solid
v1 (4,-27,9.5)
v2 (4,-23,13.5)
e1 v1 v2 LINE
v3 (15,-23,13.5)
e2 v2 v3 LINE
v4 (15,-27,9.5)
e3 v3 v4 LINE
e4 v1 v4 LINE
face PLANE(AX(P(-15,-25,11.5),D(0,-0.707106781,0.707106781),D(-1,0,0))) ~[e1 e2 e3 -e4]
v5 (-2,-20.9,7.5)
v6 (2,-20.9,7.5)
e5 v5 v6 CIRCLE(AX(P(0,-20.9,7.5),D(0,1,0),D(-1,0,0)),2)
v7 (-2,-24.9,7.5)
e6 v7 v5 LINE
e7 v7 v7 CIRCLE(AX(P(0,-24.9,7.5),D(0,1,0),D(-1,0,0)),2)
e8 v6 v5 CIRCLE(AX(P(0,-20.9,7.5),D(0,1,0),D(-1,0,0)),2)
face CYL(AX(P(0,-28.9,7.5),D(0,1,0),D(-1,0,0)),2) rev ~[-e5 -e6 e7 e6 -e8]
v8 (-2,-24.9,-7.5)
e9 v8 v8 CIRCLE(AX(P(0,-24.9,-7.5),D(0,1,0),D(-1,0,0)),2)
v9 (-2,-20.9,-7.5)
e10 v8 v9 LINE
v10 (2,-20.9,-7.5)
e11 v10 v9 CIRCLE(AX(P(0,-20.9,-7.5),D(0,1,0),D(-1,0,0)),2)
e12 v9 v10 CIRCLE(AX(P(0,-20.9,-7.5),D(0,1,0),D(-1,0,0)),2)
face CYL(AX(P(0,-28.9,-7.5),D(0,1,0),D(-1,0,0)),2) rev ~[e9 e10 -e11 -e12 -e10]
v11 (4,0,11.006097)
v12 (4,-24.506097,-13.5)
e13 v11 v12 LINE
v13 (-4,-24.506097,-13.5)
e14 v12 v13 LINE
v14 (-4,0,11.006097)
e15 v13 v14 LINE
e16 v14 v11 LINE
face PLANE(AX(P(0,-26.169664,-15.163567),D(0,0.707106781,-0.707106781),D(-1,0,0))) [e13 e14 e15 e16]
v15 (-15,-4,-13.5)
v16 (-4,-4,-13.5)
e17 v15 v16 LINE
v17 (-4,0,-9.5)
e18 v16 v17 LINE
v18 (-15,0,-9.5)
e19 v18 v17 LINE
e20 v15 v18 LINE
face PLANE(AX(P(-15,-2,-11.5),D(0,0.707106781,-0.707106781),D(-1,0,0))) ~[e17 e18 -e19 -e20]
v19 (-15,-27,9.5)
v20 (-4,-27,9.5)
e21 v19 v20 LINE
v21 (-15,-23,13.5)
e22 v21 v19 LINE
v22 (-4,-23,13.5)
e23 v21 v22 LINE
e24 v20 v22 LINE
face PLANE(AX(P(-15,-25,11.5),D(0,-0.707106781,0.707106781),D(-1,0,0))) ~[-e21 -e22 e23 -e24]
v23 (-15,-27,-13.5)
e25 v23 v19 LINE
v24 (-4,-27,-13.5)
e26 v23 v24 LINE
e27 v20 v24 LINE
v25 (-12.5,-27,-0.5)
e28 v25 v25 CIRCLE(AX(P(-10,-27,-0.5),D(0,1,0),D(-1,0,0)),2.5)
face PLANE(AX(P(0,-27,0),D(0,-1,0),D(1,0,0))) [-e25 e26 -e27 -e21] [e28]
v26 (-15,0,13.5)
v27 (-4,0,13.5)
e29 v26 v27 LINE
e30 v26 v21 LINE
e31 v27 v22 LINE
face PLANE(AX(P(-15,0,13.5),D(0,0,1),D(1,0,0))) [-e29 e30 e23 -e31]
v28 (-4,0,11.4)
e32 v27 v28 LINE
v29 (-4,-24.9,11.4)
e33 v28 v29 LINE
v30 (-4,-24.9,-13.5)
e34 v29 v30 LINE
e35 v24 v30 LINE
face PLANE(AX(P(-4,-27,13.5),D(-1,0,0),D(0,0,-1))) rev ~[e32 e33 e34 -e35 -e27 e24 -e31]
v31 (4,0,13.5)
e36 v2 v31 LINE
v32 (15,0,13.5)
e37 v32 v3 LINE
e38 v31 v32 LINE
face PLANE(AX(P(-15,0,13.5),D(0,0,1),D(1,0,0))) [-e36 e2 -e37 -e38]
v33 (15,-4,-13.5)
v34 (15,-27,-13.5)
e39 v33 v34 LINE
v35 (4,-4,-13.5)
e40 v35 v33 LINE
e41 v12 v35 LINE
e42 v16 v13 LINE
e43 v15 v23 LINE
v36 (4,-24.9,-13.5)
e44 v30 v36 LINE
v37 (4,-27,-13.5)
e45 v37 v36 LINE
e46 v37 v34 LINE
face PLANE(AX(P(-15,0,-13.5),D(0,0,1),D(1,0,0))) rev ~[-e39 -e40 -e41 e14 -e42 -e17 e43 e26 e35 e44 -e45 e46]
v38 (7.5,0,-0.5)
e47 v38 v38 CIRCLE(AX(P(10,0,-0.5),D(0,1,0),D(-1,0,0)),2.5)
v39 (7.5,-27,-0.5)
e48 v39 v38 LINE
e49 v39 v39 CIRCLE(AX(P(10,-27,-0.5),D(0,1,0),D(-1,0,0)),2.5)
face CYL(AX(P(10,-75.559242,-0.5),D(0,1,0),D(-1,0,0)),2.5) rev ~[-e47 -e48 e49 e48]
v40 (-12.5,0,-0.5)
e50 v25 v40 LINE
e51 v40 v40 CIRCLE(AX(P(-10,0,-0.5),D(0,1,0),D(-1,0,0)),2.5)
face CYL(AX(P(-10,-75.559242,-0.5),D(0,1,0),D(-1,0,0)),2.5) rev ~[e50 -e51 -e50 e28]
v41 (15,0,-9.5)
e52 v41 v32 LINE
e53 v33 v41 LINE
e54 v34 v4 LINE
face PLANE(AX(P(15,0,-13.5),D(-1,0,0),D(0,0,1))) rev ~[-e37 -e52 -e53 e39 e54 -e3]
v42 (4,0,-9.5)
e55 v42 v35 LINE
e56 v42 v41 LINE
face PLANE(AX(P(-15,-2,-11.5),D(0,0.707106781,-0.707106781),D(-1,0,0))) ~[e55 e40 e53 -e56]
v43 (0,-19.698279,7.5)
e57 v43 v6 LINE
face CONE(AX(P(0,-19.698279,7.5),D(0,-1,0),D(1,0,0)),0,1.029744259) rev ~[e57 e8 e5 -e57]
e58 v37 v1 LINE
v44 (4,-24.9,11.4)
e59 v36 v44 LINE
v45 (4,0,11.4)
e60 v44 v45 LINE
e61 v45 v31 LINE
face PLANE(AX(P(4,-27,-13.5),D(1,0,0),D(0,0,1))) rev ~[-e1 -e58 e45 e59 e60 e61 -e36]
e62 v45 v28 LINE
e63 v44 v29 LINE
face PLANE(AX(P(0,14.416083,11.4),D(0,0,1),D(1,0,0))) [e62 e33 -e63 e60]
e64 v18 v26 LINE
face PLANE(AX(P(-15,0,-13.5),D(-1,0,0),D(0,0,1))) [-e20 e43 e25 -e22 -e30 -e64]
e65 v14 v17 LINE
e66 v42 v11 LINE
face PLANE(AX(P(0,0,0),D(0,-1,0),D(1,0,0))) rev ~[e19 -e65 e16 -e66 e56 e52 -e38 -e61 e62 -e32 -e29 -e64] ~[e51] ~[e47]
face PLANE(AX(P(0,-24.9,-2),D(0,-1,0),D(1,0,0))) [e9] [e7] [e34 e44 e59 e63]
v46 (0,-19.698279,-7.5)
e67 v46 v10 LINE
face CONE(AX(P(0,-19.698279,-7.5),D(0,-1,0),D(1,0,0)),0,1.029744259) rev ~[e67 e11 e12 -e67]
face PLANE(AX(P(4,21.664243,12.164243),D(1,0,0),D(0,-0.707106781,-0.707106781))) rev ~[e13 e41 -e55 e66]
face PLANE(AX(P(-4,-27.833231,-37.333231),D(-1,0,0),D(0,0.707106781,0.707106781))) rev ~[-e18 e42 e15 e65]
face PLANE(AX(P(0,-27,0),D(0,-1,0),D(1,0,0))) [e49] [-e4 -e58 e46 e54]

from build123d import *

# Parameters (mm, degrees)
F0_W      = 30
F0_H      = 27
F1_DEPTH  = 27
F2_SIZE   = 4
F4_D      = 5
F5_W      = 8
F5_H      = 23
F5_H_2    = 4
F6_DEPTH  = 2.1
F7_W      = 8
F7_H      = 28.8321655244
F7_H_2    = 23
F7_H_3    = 5.8321655244
F8_DEPTH  = 2.1
F9_W      = 8
F9_H      = 33.7052789075
F9_H_2    = 5.6568542495
F9_H_3    = 30.637866843
F10_DEPTH = 14.5
F12_D     = 4
F12_DEPTH = 4
F12_TIP   = 1.2017212381


with BuildPart() as f1:
    # F0 (on Front) → F1 (new body)
    with BuildSketch(Plane.XZ):
        Rectangle(F0_W, F0_H)
    extrude(amount=F1_DEPTH)

    # F2
    f2_edges = [f1.edges().sort_by_distance(p)[0] for p in [
        (0, 0, -13.5),
        (0, -27, 13.5),
    ]]
    chamfer(f2_edges, length=F2_SIZE)

    # F4 (through all)
    with Locations(Plane.XZ.offset(27)):
        with Locations((-10, -0.5), (10, -0.5)):
            Hole(F4_D / 2)

    # F5 (on face) → F6 (cut)
    with BuildSketch(Plane.XZ.offset(27)):
        with Locations((0, -2)):
            Rectangle(F5_W, F5_H)
        with Locations((0, 11.5)):
            Rectangle(F5_W, F5_H_2)
    extrude(amount=-F6_DEPTH, mode=Mode.SUBTRACT)

    # F7 (on face) → F8 (cut)
    with BuildSketch(Plane.XY.offset(13.5)):
        with Locations((0, 14.4160827622)):
            Rectangle(F7_W, F7_H)
        with Locations((0, -11.5)):
            Rectangle(F7_W, F7_H_2)
        with Locations((0, -25.9160827622)):
            Rectangle(F7_W, F7_H_3)
    extrude(amount=-F8_DEPTH, mode=Mode.SUBTRACT)

    # F9 (on face) → F10 (cut)
    with BuildSketch(Plane(origin=(0, 4.75, -4.75), x_dir=(-1, 0, 0), z_dir=(0, 0.7071067812, -0.7071067812))):
        with Locations((0, -29.2270081245)):
            Rectangle(F9_W, F9_H)
        with Locations((0, -9.545941546)):
            Rectangle(F9_W, F9_H_2)
        with Locations((0, 8.6014190002)):
            Rectangle(F9_W, F9_H_3)
    extrude(amount=-F10_DEPTH, mode=Mode.SUBTRACT)

    # F12
    with Locations(Plane.XZ.offset(24.9)):
        with Locations((0, -7.5), (0, 7.5)):
            Hole(F12_D / 2, depth=F12_DEPTH)
            with Locations((0, 0, -(F12_DEPTH + F12_TIP / 2))):  # 118° drill point
                Cone(0, F12_D / 2, F12_TIP, mode=Mode.SUBTRACT)


solid = f1.part
